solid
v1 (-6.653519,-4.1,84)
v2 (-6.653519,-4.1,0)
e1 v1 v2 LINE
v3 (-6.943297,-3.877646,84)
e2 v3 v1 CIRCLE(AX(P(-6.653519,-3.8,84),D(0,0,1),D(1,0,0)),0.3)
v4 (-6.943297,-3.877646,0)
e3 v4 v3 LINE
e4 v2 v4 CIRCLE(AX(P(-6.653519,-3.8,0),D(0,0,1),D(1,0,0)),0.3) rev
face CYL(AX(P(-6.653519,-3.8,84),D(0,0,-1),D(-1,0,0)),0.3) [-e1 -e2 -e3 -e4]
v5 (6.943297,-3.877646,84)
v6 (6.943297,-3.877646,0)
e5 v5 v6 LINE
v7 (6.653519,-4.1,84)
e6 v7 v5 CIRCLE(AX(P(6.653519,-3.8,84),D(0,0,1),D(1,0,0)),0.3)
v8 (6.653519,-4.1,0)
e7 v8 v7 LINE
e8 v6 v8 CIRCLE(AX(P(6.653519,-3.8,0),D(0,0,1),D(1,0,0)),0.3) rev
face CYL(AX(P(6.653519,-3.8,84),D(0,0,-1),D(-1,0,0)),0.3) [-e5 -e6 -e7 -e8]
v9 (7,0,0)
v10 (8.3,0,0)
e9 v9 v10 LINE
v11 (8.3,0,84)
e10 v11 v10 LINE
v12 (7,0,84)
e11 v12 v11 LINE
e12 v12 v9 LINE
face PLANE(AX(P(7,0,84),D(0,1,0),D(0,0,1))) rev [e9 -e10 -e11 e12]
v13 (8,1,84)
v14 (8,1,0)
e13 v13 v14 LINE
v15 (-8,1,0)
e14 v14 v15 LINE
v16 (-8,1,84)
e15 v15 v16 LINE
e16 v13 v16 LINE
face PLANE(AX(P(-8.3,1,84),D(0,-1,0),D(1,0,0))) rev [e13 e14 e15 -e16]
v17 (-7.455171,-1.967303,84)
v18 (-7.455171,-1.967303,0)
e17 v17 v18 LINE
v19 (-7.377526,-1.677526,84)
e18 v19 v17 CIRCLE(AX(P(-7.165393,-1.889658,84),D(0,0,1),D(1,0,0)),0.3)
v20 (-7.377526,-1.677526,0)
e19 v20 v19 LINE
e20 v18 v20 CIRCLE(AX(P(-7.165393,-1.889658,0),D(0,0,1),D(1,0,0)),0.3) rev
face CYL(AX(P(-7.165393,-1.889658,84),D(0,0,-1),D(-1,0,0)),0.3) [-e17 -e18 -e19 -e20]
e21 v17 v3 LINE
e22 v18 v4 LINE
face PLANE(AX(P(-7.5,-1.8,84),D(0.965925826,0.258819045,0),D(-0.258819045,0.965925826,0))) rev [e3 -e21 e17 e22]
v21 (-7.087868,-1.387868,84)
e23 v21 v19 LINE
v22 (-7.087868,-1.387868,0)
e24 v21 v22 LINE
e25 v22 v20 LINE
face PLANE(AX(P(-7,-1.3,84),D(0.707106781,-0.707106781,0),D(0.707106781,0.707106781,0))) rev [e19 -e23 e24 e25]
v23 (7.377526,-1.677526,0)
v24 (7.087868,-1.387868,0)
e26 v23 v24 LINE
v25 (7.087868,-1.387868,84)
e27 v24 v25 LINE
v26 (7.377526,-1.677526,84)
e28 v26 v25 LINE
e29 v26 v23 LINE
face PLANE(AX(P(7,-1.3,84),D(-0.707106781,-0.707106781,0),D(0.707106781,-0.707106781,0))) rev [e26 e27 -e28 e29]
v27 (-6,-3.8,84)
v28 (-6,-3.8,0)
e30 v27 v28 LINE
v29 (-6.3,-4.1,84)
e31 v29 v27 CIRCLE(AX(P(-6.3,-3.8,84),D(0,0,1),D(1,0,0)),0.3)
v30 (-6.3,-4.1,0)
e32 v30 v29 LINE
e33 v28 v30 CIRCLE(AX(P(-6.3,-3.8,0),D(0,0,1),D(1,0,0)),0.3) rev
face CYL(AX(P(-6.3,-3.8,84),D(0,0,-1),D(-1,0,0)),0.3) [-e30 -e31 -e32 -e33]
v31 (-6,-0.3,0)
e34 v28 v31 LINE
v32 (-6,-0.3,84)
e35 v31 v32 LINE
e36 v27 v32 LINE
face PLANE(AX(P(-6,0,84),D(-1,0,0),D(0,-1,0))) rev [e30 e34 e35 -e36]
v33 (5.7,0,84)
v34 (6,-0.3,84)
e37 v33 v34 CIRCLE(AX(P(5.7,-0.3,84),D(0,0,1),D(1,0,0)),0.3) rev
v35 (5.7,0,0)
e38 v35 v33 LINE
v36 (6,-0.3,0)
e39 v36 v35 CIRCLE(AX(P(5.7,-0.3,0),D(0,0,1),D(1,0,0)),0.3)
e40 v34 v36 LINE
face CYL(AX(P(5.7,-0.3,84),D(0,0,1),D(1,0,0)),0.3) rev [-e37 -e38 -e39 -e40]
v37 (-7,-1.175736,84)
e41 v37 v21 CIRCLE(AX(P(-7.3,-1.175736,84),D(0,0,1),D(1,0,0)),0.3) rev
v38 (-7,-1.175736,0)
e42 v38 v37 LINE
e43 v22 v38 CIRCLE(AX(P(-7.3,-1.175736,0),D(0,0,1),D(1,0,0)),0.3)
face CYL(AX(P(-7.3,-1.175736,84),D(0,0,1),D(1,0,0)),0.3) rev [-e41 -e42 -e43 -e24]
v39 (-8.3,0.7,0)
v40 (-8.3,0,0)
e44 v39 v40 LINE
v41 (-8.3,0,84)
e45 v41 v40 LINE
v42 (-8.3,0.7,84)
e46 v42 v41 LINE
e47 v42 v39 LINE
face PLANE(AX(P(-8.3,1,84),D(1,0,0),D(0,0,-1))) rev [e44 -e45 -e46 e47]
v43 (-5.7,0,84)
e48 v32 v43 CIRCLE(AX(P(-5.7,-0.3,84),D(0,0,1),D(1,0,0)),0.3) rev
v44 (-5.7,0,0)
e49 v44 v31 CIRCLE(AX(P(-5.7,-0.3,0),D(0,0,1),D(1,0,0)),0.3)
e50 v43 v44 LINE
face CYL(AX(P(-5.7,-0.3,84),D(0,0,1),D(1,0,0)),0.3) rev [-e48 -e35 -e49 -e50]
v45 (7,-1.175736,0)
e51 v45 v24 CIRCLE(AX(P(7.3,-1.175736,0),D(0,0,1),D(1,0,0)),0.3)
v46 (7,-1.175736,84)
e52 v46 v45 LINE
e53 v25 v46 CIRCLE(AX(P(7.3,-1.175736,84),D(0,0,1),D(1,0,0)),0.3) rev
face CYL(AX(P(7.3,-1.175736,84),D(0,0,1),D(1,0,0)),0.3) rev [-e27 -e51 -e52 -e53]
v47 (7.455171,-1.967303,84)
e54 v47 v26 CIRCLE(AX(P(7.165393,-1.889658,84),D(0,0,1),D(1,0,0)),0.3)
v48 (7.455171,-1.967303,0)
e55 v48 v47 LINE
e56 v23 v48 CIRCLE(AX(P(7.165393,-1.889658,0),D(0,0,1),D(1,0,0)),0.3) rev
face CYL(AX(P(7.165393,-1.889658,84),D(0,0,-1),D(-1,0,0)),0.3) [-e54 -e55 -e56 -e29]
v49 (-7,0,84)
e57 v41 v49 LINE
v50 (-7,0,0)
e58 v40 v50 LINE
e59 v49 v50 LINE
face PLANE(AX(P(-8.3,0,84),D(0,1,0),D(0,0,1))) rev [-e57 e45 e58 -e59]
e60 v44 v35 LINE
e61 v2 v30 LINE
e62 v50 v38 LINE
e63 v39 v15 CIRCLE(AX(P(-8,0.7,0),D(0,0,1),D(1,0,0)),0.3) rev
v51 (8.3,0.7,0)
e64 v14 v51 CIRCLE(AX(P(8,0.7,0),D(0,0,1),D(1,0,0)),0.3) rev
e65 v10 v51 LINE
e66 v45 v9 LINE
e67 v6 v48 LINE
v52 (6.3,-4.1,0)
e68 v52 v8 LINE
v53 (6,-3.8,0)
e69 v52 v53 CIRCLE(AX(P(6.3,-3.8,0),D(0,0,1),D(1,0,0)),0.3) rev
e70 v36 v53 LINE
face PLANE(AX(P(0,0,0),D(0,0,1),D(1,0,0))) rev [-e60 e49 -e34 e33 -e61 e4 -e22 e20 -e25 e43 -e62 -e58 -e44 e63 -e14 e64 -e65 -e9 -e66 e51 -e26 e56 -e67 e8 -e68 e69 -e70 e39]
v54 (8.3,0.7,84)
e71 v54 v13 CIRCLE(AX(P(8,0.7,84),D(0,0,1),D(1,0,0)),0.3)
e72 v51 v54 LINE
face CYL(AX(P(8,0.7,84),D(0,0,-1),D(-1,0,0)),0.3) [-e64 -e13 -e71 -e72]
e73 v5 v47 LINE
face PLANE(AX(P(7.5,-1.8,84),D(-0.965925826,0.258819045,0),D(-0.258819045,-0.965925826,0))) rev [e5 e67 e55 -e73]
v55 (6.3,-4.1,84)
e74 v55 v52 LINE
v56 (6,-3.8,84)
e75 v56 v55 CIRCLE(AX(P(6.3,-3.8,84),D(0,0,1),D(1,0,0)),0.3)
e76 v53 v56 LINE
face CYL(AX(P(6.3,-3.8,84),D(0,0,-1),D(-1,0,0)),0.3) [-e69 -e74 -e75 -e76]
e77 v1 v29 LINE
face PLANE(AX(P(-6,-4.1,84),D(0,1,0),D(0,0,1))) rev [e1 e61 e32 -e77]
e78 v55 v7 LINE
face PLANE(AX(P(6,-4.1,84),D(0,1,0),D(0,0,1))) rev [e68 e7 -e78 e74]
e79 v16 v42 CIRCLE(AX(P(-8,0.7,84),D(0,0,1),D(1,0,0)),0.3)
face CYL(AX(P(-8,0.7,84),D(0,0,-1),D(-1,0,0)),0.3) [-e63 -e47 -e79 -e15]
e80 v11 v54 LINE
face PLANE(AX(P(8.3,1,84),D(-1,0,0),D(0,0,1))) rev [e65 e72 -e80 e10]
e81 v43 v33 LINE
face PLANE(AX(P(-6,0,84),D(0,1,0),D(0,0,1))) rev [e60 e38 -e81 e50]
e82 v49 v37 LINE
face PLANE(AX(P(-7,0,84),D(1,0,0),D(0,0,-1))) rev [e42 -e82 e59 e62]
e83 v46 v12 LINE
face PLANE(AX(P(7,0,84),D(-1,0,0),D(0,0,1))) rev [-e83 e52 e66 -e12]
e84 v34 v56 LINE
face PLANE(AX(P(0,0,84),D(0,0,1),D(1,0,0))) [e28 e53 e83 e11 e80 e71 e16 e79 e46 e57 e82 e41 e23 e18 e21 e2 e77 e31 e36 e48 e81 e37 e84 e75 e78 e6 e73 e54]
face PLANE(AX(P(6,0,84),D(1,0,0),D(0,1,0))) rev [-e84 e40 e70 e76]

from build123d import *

# Parameters (mm, degrees)
BOSS_EXTRUDE1_DEPTH = 84
FILLET1_R           = 0.3


with BuildPart() as part:
    # Sketch1 → Boss-Extrude1 (new body)
    with BuildSketch(Plane.XY):
        Polygon((-8.3, 1), (8.3, 1), (8.3, 0), (7, 0), (7, -1.3), (7.5, -1.8), (6.883716857, -4.1), (6, -4.1), (6, 0), (-6, 0), (-6, -4.1), (-6.883716857, -4.1), (-7.5, -1.8), (-7, -1.3), (-7, 0), (-8.3, 0), align=None)
    extrude(amount=BOSS_EXTRUDE1_DEPTH)

    # Fillet1
    fillet1_edges = [part.edges().sort_by_distance(p)[0] for p in [
        (-8.3, 1, 42),
        (8.3, 1, 42),
        (7, -1.3, 42),
        (7.5, -1.8, 42),
        (6.883716857, -4.1, 42),
        (6, -4.1, 42),
        (6, 0, 42),
        (-6, 0, 42),
        (-6, -4.1, 42),
        (-6.883716857, -4.1, 42),
        (-7.5, -1.8, 42),
        (-7, -1.3, 42),
    ]]
    fillet(fillet1_edges, radius=FILLET1_R)


solid = part.part
